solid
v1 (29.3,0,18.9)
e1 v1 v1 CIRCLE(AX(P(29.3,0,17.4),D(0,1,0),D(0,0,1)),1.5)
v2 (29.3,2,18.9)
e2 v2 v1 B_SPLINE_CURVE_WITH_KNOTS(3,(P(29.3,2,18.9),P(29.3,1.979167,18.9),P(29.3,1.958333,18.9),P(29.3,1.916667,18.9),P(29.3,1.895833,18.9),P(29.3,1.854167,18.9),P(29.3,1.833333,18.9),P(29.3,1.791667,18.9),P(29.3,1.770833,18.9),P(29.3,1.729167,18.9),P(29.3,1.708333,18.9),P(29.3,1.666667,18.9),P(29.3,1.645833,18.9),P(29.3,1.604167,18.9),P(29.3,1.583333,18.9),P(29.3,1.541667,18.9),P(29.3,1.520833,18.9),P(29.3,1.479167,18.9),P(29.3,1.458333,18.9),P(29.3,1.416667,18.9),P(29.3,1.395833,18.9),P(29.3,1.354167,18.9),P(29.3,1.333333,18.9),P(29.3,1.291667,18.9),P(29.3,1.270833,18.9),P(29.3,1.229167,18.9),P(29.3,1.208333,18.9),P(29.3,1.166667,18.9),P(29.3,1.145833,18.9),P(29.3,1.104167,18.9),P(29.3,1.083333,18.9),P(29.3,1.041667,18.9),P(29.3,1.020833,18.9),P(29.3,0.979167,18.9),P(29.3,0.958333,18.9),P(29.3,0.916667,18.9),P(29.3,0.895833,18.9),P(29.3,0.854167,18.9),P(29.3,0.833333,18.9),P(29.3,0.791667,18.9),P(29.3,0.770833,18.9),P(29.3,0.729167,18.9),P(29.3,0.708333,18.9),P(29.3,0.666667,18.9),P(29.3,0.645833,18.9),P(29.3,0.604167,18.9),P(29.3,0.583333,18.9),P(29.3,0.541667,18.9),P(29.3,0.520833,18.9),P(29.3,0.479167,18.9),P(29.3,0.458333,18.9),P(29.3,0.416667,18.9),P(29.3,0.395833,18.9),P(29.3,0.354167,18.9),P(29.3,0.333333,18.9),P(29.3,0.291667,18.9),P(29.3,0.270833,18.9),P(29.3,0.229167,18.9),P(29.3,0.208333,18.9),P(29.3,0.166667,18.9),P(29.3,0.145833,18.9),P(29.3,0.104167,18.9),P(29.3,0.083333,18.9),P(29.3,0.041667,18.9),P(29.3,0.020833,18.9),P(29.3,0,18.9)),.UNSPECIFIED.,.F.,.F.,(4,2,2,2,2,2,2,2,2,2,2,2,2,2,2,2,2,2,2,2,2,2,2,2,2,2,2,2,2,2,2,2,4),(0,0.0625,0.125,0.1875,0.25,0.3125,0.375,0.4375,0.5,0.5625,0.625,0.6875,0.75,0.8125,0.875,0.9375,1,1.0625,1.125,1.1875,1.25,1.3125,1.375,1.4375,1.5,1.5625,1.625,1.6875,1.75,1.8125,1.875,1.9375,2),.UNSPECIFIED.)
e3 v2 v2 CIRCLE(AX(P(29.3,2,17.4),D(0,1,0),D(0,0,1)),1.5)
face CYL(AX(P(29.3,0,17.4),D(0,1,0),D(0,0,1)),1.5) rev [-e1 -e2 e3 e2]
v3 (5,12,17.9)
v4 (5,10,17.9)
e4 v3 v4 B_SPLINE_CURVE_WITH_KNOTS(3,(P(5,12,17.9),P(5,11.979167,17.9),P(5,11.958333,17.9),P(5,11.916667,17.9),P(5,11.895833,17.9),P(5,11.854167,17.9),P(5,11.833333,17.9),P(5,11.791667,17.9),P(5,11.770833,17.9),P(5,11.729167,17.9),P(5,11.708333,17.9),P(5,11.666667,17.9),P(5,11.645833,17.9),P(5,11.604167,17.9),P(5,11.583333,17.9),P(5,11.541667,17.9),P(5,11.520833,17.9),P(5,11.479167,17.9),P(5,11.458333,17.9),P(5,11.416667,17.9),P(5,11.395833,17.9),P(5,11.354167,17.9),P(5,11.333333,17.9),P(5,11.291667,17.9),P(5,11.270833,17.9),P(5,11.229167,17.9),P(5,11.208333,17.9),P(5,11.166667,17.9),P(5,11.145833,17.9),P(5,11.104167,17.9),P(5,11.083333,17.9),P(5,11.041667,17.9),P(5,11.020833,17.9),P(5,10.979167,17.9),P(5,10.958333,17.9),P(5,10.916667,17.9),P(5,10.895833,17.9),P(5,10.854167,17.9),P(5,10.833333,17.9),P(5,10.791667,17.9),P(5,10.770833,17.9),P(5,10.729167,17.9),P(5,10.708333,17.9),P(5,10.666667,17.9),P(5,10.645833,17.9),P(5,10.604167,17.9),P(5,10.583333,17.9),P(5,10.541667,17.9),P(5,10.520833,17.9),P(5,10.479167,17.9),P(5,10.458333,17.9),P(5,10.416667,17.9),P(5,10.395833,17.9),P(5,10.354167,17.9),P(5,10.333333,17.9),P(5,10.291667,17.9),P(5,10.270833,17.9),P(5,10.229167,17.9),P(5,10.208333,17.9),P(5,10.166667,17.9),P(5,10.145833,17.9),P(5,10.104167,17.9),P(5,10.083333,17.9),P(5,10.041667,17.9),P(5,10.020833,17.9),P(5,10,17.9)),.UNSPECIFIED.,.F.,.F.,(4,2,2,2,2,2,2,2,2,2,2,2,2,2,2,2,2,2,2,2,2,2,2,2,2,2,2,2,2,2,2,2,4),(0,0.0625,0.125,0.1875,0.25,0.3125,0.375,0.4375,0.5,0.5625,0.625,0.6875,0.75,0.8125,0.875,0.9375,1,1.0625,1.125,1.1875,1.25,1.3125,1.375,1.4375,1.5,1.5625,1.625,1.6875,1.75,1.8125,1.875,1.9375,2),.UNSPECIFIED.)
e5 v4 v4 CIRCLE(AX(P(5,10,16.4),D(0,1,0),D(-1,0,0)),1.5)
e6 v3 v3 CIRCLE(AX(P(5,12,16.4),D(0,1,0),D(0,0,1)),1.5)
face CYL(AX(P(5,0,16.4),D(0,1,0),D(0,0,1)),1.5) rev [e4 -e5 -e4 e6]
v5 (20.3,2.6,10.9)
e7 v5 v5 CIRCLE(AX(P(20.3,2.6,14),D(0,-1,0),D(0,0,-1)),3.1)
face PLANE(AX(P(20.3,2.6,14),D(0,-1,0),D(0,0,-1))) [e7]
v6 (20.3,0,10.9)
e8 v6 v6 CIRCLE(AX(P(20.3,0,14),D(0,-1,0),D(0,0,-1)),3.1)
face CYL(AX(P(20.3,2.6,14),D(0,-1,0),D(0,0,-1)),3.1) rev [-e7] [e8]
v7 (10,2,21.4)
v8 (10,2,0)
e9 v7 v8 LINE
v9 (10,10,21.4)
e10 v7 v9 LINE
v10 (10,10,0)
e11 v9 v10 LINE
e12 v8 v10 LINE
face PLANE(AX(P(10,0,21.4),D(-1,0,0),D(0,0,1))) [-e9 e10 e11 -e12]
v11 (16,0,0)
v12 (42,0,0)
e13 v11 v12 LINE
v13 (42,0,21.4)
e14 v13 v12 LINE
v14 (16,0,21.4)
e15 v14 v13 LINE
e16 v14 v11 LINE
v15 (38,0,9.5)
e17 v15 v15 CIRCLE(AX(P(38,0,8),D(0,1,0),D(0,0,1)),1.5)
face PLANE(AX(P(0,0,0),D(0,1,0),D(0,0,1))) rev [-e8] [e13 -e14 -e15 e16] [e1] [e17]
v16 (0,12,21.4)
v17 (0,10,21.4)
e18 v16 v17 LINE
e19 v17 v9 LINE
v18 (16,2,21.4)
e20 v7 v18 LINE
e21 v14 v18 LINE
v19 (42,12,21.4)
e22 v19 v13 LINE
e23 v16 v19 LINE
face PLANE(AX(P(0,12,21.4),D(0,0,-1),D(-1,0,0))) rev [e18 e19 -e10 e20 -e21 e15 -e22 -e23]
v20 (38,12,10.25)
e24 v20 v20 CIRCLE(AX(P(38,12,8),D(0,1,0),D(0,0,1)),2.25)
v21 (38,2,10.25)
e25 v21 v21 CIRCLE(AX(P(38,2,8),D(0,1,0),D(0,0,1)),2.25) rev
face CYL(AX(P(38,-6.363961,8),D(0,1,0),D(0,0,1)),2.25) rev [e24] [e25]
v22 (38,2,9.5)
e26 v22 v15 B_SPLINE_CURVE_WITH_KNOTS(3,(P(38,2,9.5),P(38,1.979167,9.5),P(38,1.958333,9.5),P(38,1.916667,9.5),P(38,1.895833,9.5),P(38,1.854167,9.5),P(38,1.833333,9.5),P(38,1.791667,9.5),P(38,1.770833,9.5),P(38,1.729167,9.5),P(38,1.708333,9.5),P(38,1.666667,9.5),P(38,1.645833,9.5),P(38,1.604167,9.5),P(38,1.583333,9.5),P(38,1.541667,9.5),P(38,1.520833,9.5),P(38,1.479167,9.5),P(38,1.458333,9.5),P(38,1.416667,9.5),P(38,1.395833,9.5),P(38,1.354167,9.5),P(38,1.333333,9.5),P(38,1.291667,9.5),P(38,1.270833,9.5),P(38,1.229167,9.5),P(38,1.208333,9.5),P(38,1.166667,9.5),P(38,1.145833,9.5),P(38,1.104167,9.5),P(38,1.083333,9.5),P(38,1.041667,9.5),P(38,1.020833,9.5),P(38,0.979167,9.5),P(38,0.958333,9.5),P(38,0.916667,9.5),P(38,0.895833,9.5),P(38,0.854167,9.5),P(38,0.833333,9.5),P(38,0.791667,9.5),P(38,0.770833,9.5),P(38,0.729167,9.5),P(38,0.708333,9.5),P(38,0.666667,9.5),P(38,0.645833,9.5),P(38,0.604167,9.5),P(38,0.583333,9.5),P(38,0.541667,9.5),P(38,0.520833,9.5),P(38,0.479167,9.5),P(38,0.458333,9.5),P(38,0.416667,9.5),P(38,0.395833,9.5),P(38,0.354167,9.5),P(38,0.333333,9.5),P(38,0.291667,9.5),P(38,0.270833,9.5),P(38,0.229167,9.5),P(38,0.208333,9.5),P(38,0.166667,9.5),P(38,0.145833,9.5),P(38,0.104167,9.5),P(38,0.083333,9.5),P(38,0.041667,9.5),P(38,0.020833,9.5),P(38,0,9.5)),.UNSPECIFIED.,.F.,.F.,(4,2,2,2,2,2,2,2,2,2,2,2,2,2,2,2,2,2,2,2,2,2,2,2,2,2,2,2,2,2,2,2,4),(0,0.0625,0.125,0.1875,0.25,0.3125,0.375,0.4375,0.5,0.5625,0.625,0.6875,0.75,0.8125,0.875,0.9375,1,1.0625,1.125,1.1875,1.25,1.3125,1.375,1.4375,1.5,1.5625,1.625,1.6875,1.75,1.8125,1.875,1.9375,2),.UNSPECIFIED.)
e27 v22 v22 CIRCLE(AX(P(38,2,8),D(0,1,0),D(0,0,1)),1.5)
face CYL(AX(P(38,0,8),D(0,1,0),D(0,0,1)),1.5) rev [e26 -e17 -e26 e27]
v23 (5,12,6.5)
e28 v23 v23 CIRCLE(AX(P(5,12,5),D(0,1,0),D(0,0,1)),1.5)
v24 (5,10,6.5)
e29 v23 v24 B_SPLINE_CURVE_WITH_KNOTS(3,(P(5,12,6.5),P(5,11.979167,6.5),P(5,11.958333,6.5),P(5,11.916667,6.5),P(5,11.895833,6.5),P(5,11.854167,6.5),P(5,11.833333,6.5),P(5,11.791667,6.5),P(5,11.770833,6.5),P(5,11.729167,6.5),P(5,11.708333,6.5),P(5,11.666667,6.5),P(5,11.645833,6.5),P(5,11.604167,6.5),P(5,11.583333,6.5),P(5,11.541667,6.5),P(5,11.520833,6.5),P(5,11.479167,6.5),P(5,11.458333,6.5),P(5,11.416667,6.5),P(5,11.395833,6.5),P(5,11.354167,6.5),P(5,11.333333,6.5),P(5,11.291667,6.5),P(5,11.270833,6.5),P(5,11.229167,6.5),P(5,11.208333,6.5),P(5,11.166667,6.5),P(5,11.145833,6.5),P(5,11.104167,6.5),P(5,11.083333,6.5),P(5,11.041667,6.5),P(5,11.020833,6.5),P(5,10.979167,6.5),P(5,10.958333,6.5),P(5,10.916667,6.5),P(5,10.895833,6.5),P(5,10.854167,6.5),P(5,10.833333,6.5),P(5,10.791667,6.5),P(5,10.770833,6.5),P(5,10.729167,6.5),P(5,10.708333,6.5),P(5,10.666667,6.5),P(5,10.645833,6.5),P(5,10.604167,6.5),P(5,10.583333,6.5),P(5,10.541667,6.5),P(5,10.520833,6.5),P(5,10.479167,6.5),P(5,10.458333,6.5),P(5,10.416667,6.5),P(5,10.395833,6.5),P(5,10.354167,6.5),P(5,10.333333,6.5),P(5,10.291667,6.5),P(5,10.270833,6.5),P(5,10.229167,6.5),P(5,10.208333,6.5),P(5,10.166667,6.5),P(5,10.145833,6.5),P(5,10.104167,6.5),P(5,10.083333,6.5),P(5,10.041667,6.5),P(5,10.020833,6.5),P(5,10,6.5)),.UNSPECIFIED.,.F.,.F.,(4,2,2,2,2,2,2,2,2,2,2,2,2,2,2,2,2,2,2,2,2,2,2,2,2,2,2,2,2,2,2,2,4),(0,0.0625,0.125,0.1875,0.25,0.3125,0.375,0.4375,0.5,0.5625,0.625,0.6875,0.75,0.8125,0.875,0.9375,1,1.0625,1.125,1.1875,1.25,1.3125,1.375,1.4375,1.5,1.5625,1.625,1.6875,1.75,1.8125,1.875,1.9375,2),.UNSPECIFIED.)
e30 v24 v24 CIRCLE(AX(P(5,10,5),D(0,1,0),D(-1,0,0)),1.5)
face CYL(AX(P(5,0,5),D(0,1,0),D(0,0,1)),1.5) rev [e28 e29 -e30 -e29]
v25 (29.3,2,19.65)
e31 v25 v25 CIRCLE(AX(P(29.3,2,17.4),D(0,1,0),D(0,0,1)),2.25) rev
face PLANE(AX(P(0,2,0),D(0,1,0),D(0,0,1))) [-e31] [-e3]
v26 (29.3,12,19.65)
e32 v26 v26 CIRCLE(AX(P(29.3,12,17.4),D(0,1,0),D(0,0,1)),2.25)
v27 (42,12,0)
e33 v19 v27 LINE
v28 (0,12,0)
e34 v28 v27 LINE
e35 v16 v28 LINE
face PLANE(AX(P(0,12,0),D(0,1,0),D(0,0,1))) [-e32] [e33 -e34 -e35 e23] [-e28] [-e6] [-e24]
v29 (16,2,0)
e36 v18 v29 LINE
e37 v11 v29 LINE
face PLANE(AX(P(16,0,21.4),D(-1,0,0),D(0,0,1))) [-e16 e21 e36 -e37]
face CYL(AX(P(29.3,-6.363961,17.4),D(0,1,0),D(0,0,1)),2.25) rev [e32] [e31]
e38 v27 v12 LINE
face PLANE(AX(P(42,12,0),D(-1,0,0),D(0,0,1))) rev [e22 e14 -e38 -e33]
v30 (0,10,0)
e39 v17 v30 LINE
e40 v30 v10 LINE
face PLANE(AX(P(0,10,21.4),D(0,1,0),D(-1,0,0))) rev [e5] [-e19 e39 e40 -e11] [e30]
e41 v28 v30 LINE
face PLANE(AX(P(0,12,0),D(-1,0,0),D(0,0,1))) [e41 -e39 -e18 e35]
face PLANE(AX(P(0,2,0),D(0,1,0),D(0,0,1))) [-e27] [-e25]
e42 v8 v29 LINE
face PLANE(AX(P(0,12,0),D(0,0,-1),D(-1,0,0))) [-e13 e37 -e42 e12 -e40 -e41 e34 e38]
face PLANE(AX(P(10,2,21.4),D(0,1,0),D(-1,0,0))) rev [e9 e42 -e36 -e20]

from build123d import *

# Parameters (mm, degrees)
SKETCH_1_W          = 42
SKETCH_1_H          = 21.4
EXTRUDE_1_DEPTH     = 12
SKETCH_2_W          = 6
SKETCH_2_H          = 2
CUT_EXTRUDE_1_DEPTH = 49.641134855
SKETCH_3_R          = 3.1
CUT_EXTRUDE_2_DEPTH = 2.6
SKETCH_4_R          = 2.25
CUT_EXTRUDE_3_DEPTH = 10
SKETCH_4_3_R        = 1.5
CUT_EXTRUDE_4_DEPTH = 49.641134855


with BuildPart() as part:
    # 草图1 → 凸台-拉伸1 (new body)
    with BuildSketch(Plane(origin=(0, 0, 0), x_dir=(1, 0, 0), z_dir=(0, 1, 0))):
        with Locations((21, -10.7)):
            Rectangle(SKETCH_1_W, SKETCH_1_H)
    extrude(amount=EXTRUDE_1_DEPTH)

    # 草图2 → 切除-拉伸1 (cut, through all)
    with BuildSketch(Plane(origin=(0, 0, 0), x_dir=(-1, 0, 0), z_dir=(0, 0, -1))):
        Polygon((-10, 0), (0, 0), (0, 10), (-10, 10), (-10, 2), align=None)
        with Locations((-13, 1)):
            Rectangle(SKETCH_2_W, SKETCH_2_H)
    extrude(amount=-CUT_EXTRUDE_1_DEPTH, mode=Mode.SUBTRACT)

    # 草图3 → 切除-拉伸2 (cut)
    with BuildSketch(Plane.XZ):
        with Locations(Location((20.3, 14, 0), (0, 0, 270))):
            Circle(SKETCH_3_R)
    extrude(amount=-CUT_EXTRUDE_2_DEPTH, mode=Mode.SUBTRACT)

    # 草图4 → 切除-拉伸3 (cut)
    with BuildSketch(Plane(origin=(0, 12, 0), x_dir=(1, 0, 0), z_dir=(0, 1, 0))):
        with Locations(Location((29.3, -17.4, 0), (0, 0, 270))):
            Circle(SKETCH_4_R)
        with Locations(Location((38, -8, 0), (0, 0, 270))):
            Circle(SKETCH_4_R)
    extrude(amount=-CUT_EXTRUDE_3_DEPTH, mode=Mode.SUBTRACT)

    # 草图4<3> → 切除-拉伸4 (cut, through all)
    with BuildSketch(Plane(origin=(0, 12, 0), x_dir=(1, 0, 0), z_dir=(0, 1, 0))):
        with Locations(Location((5, -5, 0), (0, 0, 270))):
            Circle(SKETCH_4_3_R)
        with Locations(Location((5, -16.4, 0), (0, 0, 270))):
            Circle(SKETCH_4_3_R)
        with Locations(Location((38, -8, 0), (0, 0, 270))):
            Circle(SKETCH_4_3_R)
        with Locations(Location((29.3, -17.4, 0), (0, 0, 270))):
            Circle(SKETCH_4_3_R)
    extrude(amount=-CUT_EXTRUDE_4_DEPTH, mode=Mode.SUBTRACT)


solid = part.part
